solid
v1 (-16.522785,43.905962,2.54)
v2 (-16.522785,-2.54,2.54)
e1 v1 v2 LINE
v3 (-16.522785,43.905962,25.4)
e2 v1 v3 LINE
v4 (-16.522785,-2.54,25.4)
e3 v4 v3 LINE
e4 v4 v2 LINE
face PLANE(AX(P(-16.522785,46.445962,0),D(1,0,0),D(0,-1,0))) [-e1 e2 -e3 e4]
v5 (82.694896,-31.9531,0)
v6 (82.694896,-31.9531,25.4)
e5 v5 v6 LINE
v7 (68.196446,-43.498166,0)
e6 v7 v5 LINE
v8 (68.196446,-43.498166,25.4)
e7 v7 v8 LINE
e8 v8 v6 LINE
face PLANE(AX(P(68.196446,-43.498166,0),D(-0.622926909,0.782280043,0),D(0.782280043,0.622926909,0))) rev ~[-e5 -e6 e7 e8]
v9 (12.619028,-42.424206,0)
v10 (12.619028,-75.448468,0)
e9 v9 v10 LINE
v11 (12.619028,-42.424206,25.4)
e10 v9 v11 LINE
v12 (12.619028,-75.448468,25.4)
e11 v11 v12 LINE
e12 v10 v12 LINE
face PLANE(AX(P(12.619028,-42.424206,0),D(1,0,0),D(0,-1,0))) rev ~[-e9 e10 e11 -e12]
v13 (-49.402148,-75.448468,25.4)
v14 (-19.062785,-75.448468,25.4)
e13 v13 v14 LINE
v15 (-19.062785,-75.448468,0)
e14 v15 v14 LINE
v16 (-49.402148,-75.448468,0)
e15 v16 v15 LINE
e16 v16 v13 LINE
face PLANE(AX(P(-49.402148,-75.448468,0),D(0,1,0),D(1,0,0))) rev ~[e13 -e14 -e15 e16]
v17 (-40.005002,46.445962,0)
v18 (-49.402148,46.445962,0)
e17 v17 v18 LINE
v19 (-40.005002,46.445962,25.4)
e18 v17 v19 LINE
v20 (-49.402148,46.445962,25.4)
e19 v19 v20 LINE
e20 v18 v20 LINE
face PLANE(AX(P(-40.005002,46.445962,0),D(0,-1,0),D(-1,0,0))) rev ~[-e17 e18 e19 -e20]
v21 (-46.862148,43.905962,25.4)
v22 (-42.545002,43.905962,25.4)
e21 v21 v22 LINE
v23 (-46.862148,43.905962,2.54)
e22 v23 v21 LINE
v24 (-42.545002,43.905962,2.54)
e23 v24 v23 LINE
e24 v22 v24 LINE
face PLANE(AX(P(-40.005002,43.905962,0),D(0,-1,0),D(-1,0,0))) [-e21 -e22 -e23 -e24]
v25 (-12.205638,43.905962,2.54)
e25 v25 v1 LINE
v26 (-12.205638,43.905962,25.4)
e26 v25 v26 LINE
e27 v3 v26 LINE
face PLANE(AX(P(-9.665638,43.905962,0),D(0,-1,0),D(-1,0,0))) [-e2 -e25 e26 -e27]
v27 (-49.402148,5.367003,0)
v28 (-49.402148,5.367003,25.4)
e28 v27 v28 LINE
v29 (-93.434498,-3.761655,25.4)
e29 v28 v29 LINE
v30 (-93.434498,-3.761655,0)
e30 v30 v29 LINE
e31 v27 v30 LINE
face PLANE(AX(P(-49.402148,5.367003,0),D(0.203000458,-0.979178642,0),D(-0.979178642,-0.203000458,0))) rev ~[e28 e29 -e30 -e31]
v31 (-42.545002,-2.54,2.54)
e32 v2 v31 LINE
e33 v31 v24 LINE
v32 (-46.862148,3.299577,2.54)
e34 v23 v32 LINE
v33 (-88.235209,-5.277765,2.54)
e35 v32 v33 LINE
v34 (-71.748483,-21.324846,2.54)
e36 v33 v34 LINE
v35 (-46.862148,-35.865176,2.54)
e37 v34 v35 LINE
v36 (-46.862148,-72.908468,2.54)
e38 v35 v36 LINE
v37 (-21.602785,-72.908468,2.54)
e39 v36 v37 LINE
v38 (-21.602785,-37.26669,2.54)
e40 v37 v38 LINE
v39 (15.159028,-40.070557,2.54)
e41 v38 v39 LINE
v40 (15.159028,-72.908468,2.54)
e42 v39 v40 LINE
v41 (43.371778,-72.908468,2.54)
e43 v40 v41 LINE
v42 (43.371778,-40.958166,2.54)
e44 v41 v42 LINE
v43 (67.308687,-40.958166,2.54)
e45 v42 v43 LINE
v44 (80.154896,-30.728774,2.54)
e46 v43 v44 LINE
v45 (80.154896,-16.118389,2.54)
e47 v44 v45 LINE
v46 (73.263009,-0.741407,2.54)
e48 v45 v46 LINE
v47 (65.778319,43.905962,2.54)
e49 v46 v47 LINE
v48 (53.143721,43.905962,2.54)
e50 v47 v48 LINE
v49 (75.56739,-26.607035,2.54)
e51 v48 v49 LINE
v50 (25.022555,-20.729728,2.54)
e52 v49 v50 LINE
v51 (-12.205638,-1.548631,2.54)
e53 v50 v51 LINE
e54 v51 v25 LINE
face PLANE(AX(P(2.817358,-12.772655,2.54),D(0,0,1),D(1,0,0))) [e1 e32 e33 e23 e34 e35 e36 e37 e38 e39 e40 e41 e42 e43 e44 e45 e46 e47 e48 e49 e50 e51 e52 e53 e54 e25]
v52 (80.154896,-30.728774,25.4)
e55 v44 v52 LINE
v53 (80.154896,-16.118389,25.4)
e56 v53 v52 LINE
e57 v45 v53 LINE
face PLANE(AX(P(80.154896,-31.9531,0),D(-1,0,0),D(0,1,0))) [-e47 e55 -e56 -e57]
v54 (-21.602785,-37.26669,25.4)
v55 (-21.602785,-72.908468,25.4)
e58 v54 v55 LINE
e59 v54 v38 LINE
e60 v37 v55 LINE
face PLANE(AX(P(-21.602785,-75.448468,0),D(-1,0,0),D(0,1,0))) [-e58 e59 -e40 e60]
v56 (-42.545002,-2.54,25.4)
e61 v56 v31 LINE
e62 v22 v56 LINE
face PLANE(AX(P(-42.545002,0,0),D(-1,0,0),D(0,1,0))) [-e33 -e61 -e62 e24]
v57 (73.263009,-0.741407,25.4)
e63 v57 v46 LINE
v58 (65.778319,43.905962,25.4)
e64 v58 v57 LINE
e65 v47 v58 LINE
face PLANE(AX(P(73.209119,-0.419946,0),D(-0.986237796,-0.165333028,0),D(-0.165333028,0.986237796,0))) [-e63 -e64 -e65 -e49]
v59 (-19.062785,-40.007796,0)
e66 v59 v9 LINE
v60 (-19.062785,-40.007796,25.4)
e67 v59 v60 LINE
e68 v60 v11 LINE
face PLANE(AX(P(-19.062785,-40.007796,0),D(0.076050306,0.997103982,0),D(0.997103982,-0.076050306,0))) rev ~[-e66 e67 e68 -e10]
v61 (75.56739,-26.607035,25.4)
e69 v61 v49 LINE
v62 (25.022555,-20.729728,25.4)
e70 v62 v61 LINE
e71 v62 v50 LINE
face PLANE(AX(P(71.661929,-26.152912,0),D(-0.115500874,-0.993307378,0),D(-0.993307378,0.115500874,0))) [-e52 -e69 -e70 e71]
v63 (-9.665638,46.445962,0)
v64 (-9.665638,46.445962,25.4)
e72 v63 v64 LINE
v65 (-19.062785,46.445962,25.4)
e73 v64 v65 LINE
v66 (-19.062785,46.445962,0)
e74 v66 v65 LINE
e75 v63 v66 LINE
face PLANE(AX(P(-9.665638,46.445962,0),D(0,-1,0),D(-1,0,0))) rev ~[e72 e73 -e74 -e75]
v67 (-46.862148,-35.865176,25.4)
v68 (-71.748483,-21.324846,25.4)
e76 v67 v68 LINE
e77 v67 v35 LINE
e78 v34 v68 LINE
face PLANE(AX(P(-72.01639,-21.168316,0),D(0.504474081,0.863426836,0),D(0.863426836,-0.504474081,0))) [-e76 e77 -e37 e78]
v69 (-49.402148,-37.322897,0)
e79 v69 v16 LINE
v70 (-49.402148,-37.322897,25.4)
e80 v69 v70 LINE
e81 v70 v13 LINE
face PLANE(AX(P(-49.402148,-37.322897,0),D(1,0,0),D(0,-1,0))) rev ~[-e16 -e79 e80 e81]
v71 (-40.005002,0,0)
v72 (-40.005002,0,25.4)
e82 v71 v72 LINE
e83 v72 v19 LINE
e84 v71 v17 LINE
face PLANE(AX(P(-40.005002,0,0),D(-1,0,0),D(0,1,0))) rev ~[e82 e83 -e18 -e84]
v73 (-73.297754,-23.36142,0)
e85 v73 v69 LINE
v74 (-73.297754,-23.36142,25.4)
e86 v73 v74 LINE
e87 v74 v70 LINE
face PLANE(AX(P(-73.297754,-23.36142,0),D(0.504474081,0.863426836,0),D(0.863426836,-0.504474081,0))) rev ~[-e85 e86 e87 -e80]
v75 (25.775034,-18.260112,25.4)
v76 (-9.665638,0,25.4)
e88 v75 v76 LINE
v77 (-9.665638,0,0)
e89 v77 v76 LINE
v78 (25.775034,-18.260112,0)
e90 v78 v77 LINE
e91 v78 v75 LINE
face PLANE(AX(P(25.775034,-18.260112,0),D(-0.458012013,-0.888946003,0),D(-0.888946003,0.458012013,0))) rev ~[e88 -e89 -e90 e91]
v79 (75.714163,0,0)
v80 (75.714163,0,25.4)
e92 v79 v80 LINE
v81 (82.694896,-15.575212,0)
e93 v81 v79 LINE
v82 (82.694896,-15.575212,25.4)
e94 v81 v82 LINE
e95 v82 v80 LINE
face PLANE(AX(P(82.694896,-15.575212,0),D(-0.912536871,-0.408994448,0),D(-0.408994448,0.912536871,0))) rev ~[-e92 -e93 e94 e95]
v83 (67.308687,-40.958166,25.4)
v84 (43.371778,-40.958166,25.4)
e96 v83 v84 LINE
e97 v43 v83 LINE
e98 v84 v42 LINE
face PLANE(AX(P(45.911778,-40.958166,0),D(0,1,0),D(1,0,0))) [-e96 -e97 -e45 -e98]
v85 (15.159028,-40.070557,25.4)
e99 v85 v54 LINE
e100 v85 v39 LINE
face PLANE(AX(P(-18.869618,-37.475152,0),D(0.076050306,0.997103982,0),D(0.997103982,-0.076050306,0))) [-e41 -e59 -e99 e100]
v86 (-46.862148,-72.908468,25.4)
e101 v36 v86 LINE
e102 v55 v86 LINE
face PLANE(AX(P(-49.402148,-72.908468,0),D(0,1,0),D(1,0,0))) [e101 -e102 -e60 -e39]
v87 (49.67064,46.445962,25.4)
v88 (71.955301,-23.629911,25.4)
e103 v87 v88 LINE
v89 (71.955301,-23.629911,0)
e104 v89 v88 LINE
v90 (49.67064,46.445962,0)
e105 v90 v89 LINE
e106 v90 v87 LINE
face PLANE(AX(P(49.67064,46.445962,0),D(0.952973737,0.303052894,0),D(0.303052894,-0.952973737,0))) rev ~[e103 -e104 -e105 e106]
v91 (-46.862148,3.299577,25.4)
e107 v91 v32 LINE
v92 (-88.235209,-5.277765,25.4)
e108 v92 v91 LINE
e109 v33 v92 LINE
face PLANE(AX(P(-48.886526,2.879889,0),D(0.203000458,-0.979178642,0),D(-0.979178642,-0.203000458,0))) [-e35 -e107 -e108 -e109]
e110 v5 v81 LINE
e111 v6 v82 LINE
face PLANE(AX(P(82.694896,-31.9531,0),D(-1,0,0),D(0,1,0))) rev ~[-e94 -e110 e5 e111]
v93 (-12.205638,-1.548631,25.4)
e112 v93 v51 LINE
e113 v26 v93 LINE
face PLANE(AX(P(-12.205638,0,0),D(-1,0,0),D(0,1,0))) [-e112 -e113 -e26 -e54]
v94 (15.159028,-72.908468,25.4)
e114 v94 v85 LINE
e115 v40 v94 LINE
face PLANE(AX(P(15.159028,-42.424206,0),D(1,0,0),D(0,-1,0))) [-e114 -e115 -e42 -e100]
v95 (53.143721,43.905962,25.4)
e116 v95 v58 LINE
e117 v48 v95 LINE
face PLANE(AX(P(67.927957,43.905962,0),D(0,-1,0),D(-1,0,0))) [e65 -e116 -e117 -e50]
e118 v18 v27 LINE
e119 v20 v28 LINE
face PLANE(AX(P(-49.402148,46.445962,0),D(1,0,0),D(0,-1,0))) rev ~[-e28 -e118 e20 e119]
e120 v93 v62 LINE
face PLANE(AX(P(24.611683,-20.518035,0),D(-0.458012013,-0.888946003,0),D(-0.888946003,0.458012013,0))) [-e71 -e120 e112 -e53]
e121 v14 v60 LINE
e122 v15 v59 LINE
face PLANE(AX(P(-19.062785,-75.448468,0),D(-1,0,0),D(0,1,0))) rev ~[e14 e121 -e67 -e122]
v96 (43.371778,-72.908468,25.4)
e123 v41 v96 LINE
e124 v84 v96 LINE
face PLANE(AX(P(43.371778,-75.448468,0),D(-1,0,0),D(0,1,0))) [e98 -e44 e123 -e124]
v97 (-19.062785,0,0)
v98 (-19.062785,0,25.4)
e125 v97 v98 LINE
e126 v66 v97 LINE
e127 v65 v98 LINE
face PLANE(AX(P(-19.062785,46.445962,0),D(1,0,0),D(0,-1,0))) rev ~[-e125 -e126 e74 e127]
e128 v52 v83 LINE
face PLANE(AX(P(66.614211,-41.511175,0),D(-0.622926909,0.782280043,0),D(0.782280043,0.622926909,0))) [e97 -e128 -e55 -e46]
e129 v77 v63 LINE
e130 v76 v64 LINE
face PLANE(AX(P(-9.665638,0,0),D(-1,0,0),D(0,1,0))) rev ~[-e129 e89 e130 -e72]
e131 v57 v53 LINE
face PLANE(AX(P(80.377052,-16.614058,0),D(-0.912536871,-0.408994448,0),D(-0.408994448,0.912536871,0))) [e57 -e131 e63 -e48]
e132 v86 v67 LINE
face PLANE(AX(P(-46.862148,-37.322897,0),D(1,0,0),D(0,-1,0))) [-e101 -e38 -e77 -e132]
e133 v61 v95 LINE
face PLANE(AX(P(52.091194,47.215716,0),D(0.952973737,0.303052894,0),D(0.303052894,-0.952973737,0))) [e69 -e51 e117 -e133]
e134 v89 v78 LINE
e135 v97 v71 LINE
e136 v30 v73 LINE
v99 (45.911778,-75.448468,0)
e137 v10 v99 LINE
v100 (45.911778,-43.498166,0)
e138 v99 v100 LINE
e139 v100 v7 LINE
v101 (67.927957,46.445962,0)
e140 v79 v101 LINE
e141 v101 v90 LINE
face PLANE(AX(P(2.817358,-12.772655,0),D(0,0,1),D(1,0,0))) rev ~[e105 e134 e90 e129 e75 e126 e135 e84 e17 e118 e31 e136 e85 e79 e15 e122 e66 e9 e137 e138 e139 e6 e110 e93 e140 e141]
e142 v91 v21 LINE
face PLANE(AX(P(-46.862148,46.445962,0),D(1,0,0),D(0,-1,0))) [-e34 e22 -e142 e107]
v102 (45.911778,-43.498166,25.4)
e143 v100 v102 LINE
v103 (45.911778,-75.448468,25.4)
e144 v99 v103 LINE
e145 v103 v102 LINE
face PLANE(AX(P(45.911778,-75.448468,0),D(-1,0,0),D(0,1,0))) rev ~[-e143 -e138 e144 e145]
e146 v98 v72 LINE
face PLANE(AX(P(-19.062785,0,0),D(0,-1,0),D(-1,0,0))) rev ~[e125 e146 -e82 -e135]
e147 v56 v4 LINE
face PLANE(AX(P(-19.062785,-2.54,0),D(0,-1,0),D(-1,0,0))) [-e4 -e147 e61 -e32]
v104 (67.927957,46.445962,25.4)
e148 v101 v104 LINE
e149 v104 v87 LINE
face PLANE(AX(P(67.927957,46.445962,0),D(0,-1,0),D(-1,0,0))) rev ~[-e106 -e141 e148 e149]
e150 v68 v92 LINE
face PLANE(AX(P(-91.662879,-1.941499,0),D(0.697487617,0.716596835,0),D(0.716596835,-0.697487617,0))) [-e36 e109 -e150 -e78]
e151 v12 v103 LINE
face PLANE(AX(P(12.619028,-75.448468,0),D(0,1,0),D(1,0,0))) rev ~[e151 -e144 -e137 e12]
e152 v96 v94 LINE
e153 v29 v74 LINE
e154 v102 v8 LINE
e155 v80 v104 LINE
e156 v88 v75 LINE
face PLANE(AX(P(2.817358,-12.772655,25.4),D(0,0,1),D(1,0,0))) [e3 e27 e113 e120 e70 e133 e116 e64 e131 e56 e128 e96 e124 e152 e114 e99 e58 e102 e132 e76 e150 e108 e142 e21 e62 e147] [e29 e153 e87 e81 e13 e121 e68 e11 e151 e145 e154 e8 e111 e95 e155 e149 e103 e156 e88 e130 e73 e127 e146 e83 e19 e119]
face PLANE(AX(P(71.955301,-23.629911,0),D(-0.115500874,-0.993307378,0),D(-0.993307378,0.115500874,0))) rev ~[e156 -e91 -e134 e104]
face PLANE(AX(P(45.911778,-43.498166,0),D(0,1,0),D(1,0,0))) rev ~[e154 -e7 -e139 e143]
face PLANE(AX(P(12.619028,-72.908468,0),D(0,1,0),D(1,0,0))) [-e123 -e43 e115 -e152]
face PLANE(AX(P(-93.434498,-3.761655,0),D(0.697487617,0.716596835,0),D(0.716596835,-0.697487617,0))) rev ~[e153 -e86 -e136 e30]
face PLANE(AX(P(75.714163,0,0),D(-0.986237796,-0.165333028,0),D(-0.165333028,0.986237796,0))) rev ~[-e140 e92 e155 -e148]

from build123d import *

# Parameters (mm, degrees)
F1_DEPTH = 25.4
F2_T     = -2.54


with BuildPart() as f1:
    # F0 (on Top) → F1 (new body)
    with BuildSketch(Plane.XY):
        Polygon((-40.0050021708, 46.4459620416), (-49.4021475315, 46.4459620416), (-49.4021475315, 5.3670029156), (-93.434497714, -3.7616554182), (-73.2977539301, -23.3614202589), (-49.4021475315, -37.322897464), (-49.4021475315, -75.4484683275), (-19.0627854317, -75.4484683275), (-19.0627854317, -40.0077961385), (12.6190278679, -42.4242056906), (12.6190278679, -75.4484683275), (45.9117777646, -75.4484683275), (45.9117777646, -43.4981659055), (68.1964457035, -43.4981659055), (82.6948955655, -31.9531001151), (82.6948955655, -15.5752124265), (75.7141634822, 0), (67.9279565811, 46.4459620416), (49.6706403792, 46.4459620416), (71.9553008676, -23.6299112439), (25.7750339806, -18.2601120323), (-9.6656382084, 0), (-9.6656382084, 46.4459620416), (-19.0627854317, 46.4459620416), (-19.0627854317, 0), (-40.0050021708, 0), align=None)
    extrude(amount=F1_DEPTH)

    # F2
    f2_openings = [f1.faces().sort_by_distance(p)[0] for p in [
        (-1.371723, -22.717213, 25.4),
    ]]
    offset(amount=F2_T, openings=f2_openings, kind=Kind.INTERSECTION)


solid = f1.part
